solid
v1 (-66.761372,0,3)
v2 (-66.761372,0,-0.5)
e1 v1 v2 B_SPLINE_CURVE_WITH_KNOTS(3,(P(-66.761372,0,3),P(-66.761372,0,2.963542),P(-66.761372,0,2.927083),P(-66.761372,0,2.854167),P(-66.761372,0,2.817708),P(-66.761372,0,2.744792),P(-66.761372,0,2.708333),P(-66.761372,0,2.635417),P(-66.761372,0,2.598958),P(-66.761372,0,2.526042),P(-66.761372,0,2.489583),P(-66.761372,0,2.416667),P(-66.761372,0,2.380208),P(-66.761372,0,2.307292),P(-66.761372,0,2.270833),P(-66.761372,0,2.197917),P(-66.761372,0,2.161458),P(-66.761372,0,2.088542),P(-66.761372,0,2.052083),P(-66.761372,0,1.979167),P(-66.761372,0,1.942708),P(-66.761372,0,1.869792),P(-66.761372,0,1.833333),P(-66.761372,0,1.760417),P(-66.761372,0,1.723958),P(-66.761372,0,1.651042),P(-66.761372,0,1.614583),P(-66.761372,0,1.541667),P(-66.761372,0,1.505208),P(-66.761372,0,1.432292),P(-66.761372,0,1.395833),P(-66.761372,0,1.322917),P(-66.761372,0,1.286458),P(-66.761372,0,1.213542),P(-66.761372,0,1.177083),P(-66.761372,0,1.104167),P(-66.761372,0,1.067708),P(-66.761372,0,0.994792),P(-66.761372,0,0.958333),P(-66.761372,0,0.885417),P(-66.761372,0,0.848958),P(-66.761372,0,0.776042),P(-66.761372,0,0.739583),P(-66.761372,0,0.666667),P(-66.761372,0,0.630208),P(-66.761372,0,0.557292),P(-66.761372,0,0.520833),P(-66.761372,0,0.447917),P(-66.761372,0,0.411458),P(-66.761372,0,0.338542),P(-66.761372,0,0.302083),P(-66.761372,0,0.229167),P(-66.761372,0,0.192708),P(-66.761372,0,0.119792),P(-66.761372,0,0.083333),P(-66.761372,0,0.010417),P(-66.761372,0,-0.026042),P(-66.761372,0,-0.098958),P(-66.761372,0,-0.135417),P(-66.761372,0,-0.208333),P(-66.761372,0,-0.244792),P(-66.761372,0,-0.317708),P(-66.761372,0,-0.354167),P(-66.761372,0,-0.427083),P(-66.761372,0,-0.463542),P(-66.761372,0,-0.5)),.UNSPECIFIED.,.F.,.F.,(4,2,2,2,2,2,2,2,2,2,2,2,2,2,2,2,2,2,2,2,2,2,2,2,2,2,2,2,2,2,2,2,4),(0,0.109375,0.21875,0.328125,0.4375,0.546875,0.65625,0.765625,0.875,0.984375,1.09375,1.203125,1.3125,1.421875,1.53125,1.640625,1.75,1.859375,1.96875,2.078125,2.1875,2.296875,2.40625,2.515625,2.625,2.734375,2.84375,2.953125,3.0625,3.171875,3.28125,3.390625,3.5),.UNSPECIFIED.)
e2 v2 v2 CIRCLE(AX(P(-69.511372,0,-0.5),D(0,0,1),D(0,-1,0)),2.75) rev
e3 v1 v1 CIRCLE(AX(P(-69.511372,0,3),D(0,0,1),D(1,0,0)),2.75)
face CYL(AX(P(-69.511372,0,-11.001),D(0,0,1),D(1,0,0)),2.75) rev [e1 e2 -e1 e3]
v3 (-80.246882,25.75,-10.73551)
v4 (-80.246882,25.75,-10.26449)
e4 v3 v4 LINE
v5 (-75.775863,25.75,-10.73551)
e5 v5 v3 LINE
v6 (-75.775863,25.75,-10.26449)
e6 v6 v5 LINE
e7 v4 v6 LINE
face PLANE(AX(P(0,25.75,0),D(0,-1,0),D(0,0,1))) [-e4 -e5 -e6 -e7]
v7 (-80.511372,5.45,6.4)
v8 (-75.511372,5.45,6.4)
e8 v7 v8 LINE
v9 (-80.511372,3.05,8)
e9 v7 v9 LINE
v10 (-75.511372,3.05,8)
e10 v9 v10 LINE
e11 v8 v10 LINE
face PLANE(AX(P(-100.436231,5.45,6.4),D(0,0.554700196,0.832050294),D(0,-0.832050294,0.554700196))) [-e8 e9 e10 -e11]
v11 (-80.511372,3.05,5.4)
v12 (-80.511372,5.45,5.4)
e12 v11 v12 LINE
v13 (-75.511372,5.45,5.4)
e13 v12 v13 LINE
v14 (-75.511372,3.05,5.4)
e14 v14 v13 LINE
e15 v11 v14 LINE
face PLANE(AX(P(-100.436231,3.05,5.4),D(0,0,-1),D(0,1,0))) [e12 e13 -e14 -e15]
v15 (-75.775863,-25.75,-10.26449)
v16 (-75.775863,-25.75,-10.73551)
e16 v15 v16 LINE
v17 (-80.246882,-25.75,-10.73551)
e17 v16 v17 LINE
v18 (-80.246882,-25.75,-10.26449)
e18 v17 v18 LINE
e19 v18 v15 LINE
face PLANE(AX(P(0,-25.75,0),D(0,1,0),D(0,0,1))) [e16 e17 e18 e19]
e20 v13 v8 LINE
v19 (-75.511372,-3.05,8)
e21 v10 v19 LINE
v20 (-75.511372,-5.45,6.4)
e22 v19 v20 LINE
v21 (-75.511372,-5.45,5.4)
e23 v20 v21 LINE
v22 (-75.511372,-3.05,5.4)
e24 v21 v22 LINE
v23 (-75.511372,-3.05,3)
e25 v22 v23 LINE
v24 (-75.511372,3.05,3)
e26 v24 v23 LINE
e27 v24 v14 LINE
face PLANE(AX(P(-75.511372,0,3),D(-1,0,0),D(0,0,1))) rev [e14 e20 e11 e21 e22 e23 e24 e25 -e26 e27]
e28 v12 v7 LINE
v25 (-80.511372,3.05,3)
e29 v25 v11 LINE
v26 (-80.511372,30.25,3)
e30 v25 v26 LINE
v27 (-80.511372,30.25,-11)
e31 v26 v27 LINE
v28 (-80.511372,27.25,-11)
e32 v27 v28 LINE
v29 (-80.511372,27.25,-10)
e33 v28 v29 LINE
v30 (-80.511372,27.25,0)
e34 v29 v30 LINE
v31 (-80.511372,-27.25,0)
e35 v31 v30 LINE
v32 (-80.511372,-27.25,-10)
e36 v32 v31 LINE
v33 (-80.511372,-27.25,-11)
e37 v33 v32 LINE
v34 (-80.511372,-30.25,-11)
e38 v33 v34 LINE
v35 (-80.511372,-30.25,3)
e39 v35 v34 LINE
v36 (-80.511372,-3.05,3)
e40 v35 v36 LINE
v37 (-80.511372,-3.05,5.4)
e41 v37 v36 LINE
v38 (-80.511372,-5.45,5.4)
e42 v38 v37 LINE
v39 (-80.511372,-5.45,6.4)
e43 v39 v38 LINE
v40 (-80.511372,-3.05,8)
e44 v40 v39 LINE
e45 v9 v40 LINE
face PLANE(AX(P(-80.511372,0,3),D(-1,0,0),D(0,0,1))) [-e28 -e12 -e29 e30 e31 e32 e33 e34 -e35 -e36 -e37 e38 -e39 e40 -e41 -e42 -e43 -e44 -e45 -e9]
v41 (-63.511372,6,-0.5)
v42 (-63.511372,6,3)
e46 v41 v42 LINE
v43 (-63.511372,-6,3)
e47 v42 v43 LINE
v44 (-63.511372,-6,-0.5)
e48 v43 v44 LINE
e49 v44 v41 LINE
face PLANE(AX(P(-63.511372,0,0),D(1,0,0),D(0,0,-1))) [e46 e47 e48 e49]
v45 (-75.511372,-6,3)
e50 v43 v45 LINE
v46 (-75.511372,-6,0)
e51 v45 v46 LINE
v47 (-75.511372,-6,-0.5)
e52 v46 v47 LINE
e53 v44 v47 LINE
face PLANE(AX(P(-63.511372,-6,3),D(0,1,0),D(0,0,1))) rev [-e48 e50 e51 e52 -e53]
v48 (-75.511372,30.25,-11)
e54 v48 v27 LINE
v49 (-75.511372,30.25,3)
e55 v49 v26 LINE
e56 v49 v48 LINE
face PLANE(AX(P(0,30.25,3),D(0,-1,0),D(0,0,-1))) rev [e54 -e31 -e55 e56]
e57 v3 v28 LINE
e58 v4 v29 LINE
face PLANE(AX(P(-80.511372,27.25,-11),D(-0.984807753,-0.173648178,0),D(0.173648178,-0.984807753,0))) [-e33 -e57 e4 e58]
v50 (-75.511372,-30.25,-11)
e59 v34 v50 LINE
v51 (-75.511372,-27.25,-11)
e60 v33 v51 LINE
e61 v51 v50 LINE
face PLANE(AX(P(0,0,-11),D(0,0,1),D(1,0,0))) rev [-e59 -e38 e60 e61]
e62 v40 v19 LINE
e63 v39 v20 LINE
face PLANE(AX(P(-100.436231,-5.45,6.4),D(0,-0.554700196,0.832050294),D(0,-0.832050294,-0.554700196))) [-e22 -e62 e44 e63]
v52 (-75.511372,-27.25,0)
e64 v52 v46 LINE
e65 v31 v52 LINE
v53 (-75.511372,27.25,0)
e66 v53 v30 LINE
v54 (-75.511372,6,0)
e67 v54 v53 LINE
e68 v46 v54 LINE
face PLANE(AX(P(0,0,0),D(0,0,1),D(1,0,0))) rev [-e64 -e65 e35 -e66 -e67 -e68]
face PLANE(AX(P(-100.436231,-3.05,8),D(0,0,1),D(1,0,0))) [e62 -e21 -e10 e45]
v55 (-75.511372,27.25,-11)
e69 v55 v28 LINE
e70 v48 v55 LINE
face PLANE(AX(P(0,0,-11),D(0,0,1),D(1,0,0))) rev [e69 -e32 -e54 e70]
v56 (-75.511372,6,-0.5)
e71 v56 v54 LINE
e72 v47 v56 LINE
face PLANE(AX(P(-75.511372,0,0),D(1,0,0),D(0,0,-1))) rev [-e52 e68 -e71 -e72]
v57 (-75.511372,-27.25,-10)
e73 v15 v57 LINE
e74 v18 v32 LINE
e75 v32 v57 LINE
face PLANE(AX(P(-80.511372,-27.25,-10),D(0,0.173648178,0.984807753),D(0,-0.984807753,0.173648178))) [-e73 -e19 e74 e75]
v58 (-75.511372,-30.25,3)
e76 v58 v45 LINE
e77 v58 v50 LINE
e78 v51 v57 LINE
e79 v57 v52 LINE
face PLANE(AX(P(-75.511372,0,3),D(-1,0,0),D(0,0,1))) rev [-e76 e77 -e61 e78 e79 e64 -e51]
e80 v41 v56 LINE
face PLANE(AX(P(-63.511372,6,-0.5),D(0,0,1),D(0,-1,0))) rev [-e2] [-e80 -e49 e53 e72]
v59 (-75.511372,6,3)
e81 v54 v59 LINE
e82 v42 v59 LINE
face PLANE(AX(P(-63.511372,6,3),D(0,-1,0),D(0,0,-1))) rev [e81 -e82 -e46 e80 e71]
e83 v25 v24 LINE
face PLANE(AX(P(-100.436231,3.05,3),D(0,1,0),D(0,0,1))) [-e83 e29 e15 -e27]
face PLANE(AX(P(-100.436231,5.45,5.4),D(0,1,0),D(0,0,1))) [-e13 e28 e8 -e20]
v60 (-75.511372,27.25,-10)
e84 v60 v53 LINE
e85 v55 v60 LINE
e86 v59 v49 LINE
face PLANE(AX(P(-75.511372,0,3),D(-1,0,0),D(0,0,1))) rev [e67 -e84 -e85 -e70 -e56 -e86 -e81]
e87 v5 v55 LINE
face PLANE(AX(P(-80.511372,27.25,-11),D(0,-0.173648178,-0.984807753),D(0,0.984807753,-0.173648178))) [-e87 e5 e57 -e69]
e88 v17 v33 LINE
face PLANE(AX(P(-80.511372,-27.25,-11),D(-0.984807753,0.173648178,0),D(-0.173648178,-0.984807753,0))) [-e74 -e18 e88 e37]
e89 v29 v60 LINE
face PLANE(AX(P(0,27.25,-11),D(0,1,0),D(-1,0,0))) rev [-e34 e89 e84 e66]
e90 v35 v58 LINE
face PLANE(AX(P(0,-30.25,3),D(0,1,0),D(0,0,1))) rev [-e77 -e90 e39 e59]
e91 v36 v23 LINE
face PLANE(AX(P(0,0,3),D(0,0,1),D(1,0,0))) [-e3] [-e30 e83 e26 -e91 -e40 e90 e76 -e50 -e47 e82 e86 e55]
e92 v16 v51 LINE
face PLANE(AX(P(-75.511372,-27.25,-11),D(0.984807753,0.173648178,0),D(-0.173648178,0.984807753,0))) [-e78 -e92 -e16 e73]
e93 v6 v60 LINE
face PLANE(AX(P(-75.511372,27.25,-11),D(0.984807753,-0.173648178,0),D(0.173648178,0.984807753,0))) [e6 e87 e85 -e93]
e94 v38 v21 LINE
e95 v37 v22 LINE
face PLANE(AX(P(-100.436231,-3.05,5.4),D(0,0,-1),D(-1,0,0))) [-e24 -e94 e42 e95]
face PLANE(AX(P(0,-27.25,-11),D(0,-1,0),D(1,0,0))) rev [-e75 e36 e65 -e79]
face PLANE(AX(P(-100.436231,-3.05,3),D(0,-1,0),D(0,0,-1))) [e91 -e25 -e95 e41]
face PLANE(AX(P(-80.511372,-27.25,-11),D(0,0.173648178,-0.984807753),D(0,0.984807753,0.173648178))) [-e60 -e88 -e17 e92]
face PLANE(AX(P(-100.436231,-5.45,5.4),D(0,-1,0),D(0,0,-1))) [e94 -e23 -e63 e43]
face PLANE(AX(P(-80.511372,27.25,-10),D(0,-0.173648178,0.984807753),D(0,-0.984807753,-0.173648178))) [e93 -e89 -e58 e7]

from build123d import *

# Parameters (mm, degrees)
SKETCH1_W           = 5
SKETCH1_H           = 54.5
SKETCH1_H_2         = 3
BOSS_EXTRUDE3_DEPTH = 3
SKETCH1_5_W         = 5
SKETCH1_5_H         = 3
BOSS_EXTRUDE4_DEPTH = 11
SKETCH3_W           = 5
SKETCH3_H           = 1
BOSS_EXTRUDE5_DEPTH = 1.5
BOSS_EXTRUDE5_TAPER = 10
BOSS_EXTRUDE6_DEPTH = 5
SKETCH34_W          = 3.5
SKETCH34_H          = 12
BOSS_EXTRUDE2_DEPTH = 12
CUT_EXTRUDE2_REACH  = 46.911
SKETCH4_R           = 2.75


with BuildPart() as part:
    # Sketch1 → Boss-Extrude3 (new body)
    with BuildSketch(Plane.XY):
        with Locations((-78.011372184, 0)):
            Rectangle(SKETCH1_W, SKETCH1_H)
        with Locations((-78.011372184, -28.75)):
            Rectangle(SKETCH1_W, SKETCH1_H_2)
        with Locations((-78.011372184, 28.75)):
            Rectangle(SKETCH1_W, SKETCH1_H_2)
    extrude(amount=BOSS_EXTRUDE3_DEPTH)

    # Sketch1<5> → Boss-Extrude4 (add)
    with BuildSketch(Plane.XY):
        with Locations((-78.011372184, -28.75)):
            Rectangle(SKETCH1_5_W, SKETCH1_5_H)
        with Locations((-78.011372184, 28.75)):
            Rectangle(SKETCH1_5_W, SKETCH1_5_H)
    extrude(amount=-BOSS_EXTRUDE4_DEPTH)

    # Sketch3 → Boss-Extrude5 (add)
    with BuildSketch(Plane(origin=(0, -27.25, 0), x_dir=(1, 0, 0), z_dir=(0, 1, 0))):
        with Locations((-78.011372184, 10.5)):
            Rectangle(SKETCH3_W, SKETCH3_H)
    boss_extrude5 = extrude(amount=BOSS_EXTRUDE5_DEPTH, taper=BOSS_EXTRUDE5_TAPER)

    # Mirror1: Boss-Extrude5 across plane
    add(boss_extrude5.mirror(Plane.ZX))

    # Sketch5 → Boss-Extrude6 (add)
    with BuildSketch(Plane(origin=(-75.511372184, 0, 0), x_dir=(0, 0, -1), z_dir=(1, 0, 0))):
        Polygon((-3, 9.5), (-2, 9.5), (-2, -9.5), (-3, -9.5), (-3, -3.05), (-5.4, -3.05), (-5.4, -5.45), (-6.4, -5.45), (-8, -3.05), (-8, 3.05), (-6.4, 5.45), (-5.4, 5.45), (-5.4, 3.05), (-3, 3.05), align=None)
    extrude(amount=-BOSS_EXTRUDE6_DEPTH)

    # Sketch34 → Boss-Extrude2 (add)
    with BuildSketch(Plane(origin=(-75.511372184, -10.701352109, -2.52337685), x_dir=(0, 0, -1), z_dir=(1, 0, 0))):
        with Locations((-3.77337685, 10.701352109)):
            Rectangle(SKETCH34_W, SKETCH34_H)
    extrude(amount=BOSS_EXTRUDE2_DEPTH)

    # Sketch4 → Cut-Extrude2 (cut, up to next)
    with BuildSketch(Plane(origin=(-75.511372184, -10.701352109, 3), x_dir=(1, 0, 0), z_dir=(0, 0, 1)), mode=Mode.PRIVATE) as cut_extrude2_sk1:
        with Locations((6, 10.701352109)):
            Circle(SKETCH4_R)
    cut_extrude2_tool1 = extrude(cut_extrude2_sk1.sketch, amount=-CUT_EXTRUDE2_REACH, mode=Mode.PRIVATE) & part.part
    add(cut_extrude2_tool1.solids().sort_by_distance((-69.511372, 0, 3))[0], mode=Mode.SUBTRACT)


solid = part.part
